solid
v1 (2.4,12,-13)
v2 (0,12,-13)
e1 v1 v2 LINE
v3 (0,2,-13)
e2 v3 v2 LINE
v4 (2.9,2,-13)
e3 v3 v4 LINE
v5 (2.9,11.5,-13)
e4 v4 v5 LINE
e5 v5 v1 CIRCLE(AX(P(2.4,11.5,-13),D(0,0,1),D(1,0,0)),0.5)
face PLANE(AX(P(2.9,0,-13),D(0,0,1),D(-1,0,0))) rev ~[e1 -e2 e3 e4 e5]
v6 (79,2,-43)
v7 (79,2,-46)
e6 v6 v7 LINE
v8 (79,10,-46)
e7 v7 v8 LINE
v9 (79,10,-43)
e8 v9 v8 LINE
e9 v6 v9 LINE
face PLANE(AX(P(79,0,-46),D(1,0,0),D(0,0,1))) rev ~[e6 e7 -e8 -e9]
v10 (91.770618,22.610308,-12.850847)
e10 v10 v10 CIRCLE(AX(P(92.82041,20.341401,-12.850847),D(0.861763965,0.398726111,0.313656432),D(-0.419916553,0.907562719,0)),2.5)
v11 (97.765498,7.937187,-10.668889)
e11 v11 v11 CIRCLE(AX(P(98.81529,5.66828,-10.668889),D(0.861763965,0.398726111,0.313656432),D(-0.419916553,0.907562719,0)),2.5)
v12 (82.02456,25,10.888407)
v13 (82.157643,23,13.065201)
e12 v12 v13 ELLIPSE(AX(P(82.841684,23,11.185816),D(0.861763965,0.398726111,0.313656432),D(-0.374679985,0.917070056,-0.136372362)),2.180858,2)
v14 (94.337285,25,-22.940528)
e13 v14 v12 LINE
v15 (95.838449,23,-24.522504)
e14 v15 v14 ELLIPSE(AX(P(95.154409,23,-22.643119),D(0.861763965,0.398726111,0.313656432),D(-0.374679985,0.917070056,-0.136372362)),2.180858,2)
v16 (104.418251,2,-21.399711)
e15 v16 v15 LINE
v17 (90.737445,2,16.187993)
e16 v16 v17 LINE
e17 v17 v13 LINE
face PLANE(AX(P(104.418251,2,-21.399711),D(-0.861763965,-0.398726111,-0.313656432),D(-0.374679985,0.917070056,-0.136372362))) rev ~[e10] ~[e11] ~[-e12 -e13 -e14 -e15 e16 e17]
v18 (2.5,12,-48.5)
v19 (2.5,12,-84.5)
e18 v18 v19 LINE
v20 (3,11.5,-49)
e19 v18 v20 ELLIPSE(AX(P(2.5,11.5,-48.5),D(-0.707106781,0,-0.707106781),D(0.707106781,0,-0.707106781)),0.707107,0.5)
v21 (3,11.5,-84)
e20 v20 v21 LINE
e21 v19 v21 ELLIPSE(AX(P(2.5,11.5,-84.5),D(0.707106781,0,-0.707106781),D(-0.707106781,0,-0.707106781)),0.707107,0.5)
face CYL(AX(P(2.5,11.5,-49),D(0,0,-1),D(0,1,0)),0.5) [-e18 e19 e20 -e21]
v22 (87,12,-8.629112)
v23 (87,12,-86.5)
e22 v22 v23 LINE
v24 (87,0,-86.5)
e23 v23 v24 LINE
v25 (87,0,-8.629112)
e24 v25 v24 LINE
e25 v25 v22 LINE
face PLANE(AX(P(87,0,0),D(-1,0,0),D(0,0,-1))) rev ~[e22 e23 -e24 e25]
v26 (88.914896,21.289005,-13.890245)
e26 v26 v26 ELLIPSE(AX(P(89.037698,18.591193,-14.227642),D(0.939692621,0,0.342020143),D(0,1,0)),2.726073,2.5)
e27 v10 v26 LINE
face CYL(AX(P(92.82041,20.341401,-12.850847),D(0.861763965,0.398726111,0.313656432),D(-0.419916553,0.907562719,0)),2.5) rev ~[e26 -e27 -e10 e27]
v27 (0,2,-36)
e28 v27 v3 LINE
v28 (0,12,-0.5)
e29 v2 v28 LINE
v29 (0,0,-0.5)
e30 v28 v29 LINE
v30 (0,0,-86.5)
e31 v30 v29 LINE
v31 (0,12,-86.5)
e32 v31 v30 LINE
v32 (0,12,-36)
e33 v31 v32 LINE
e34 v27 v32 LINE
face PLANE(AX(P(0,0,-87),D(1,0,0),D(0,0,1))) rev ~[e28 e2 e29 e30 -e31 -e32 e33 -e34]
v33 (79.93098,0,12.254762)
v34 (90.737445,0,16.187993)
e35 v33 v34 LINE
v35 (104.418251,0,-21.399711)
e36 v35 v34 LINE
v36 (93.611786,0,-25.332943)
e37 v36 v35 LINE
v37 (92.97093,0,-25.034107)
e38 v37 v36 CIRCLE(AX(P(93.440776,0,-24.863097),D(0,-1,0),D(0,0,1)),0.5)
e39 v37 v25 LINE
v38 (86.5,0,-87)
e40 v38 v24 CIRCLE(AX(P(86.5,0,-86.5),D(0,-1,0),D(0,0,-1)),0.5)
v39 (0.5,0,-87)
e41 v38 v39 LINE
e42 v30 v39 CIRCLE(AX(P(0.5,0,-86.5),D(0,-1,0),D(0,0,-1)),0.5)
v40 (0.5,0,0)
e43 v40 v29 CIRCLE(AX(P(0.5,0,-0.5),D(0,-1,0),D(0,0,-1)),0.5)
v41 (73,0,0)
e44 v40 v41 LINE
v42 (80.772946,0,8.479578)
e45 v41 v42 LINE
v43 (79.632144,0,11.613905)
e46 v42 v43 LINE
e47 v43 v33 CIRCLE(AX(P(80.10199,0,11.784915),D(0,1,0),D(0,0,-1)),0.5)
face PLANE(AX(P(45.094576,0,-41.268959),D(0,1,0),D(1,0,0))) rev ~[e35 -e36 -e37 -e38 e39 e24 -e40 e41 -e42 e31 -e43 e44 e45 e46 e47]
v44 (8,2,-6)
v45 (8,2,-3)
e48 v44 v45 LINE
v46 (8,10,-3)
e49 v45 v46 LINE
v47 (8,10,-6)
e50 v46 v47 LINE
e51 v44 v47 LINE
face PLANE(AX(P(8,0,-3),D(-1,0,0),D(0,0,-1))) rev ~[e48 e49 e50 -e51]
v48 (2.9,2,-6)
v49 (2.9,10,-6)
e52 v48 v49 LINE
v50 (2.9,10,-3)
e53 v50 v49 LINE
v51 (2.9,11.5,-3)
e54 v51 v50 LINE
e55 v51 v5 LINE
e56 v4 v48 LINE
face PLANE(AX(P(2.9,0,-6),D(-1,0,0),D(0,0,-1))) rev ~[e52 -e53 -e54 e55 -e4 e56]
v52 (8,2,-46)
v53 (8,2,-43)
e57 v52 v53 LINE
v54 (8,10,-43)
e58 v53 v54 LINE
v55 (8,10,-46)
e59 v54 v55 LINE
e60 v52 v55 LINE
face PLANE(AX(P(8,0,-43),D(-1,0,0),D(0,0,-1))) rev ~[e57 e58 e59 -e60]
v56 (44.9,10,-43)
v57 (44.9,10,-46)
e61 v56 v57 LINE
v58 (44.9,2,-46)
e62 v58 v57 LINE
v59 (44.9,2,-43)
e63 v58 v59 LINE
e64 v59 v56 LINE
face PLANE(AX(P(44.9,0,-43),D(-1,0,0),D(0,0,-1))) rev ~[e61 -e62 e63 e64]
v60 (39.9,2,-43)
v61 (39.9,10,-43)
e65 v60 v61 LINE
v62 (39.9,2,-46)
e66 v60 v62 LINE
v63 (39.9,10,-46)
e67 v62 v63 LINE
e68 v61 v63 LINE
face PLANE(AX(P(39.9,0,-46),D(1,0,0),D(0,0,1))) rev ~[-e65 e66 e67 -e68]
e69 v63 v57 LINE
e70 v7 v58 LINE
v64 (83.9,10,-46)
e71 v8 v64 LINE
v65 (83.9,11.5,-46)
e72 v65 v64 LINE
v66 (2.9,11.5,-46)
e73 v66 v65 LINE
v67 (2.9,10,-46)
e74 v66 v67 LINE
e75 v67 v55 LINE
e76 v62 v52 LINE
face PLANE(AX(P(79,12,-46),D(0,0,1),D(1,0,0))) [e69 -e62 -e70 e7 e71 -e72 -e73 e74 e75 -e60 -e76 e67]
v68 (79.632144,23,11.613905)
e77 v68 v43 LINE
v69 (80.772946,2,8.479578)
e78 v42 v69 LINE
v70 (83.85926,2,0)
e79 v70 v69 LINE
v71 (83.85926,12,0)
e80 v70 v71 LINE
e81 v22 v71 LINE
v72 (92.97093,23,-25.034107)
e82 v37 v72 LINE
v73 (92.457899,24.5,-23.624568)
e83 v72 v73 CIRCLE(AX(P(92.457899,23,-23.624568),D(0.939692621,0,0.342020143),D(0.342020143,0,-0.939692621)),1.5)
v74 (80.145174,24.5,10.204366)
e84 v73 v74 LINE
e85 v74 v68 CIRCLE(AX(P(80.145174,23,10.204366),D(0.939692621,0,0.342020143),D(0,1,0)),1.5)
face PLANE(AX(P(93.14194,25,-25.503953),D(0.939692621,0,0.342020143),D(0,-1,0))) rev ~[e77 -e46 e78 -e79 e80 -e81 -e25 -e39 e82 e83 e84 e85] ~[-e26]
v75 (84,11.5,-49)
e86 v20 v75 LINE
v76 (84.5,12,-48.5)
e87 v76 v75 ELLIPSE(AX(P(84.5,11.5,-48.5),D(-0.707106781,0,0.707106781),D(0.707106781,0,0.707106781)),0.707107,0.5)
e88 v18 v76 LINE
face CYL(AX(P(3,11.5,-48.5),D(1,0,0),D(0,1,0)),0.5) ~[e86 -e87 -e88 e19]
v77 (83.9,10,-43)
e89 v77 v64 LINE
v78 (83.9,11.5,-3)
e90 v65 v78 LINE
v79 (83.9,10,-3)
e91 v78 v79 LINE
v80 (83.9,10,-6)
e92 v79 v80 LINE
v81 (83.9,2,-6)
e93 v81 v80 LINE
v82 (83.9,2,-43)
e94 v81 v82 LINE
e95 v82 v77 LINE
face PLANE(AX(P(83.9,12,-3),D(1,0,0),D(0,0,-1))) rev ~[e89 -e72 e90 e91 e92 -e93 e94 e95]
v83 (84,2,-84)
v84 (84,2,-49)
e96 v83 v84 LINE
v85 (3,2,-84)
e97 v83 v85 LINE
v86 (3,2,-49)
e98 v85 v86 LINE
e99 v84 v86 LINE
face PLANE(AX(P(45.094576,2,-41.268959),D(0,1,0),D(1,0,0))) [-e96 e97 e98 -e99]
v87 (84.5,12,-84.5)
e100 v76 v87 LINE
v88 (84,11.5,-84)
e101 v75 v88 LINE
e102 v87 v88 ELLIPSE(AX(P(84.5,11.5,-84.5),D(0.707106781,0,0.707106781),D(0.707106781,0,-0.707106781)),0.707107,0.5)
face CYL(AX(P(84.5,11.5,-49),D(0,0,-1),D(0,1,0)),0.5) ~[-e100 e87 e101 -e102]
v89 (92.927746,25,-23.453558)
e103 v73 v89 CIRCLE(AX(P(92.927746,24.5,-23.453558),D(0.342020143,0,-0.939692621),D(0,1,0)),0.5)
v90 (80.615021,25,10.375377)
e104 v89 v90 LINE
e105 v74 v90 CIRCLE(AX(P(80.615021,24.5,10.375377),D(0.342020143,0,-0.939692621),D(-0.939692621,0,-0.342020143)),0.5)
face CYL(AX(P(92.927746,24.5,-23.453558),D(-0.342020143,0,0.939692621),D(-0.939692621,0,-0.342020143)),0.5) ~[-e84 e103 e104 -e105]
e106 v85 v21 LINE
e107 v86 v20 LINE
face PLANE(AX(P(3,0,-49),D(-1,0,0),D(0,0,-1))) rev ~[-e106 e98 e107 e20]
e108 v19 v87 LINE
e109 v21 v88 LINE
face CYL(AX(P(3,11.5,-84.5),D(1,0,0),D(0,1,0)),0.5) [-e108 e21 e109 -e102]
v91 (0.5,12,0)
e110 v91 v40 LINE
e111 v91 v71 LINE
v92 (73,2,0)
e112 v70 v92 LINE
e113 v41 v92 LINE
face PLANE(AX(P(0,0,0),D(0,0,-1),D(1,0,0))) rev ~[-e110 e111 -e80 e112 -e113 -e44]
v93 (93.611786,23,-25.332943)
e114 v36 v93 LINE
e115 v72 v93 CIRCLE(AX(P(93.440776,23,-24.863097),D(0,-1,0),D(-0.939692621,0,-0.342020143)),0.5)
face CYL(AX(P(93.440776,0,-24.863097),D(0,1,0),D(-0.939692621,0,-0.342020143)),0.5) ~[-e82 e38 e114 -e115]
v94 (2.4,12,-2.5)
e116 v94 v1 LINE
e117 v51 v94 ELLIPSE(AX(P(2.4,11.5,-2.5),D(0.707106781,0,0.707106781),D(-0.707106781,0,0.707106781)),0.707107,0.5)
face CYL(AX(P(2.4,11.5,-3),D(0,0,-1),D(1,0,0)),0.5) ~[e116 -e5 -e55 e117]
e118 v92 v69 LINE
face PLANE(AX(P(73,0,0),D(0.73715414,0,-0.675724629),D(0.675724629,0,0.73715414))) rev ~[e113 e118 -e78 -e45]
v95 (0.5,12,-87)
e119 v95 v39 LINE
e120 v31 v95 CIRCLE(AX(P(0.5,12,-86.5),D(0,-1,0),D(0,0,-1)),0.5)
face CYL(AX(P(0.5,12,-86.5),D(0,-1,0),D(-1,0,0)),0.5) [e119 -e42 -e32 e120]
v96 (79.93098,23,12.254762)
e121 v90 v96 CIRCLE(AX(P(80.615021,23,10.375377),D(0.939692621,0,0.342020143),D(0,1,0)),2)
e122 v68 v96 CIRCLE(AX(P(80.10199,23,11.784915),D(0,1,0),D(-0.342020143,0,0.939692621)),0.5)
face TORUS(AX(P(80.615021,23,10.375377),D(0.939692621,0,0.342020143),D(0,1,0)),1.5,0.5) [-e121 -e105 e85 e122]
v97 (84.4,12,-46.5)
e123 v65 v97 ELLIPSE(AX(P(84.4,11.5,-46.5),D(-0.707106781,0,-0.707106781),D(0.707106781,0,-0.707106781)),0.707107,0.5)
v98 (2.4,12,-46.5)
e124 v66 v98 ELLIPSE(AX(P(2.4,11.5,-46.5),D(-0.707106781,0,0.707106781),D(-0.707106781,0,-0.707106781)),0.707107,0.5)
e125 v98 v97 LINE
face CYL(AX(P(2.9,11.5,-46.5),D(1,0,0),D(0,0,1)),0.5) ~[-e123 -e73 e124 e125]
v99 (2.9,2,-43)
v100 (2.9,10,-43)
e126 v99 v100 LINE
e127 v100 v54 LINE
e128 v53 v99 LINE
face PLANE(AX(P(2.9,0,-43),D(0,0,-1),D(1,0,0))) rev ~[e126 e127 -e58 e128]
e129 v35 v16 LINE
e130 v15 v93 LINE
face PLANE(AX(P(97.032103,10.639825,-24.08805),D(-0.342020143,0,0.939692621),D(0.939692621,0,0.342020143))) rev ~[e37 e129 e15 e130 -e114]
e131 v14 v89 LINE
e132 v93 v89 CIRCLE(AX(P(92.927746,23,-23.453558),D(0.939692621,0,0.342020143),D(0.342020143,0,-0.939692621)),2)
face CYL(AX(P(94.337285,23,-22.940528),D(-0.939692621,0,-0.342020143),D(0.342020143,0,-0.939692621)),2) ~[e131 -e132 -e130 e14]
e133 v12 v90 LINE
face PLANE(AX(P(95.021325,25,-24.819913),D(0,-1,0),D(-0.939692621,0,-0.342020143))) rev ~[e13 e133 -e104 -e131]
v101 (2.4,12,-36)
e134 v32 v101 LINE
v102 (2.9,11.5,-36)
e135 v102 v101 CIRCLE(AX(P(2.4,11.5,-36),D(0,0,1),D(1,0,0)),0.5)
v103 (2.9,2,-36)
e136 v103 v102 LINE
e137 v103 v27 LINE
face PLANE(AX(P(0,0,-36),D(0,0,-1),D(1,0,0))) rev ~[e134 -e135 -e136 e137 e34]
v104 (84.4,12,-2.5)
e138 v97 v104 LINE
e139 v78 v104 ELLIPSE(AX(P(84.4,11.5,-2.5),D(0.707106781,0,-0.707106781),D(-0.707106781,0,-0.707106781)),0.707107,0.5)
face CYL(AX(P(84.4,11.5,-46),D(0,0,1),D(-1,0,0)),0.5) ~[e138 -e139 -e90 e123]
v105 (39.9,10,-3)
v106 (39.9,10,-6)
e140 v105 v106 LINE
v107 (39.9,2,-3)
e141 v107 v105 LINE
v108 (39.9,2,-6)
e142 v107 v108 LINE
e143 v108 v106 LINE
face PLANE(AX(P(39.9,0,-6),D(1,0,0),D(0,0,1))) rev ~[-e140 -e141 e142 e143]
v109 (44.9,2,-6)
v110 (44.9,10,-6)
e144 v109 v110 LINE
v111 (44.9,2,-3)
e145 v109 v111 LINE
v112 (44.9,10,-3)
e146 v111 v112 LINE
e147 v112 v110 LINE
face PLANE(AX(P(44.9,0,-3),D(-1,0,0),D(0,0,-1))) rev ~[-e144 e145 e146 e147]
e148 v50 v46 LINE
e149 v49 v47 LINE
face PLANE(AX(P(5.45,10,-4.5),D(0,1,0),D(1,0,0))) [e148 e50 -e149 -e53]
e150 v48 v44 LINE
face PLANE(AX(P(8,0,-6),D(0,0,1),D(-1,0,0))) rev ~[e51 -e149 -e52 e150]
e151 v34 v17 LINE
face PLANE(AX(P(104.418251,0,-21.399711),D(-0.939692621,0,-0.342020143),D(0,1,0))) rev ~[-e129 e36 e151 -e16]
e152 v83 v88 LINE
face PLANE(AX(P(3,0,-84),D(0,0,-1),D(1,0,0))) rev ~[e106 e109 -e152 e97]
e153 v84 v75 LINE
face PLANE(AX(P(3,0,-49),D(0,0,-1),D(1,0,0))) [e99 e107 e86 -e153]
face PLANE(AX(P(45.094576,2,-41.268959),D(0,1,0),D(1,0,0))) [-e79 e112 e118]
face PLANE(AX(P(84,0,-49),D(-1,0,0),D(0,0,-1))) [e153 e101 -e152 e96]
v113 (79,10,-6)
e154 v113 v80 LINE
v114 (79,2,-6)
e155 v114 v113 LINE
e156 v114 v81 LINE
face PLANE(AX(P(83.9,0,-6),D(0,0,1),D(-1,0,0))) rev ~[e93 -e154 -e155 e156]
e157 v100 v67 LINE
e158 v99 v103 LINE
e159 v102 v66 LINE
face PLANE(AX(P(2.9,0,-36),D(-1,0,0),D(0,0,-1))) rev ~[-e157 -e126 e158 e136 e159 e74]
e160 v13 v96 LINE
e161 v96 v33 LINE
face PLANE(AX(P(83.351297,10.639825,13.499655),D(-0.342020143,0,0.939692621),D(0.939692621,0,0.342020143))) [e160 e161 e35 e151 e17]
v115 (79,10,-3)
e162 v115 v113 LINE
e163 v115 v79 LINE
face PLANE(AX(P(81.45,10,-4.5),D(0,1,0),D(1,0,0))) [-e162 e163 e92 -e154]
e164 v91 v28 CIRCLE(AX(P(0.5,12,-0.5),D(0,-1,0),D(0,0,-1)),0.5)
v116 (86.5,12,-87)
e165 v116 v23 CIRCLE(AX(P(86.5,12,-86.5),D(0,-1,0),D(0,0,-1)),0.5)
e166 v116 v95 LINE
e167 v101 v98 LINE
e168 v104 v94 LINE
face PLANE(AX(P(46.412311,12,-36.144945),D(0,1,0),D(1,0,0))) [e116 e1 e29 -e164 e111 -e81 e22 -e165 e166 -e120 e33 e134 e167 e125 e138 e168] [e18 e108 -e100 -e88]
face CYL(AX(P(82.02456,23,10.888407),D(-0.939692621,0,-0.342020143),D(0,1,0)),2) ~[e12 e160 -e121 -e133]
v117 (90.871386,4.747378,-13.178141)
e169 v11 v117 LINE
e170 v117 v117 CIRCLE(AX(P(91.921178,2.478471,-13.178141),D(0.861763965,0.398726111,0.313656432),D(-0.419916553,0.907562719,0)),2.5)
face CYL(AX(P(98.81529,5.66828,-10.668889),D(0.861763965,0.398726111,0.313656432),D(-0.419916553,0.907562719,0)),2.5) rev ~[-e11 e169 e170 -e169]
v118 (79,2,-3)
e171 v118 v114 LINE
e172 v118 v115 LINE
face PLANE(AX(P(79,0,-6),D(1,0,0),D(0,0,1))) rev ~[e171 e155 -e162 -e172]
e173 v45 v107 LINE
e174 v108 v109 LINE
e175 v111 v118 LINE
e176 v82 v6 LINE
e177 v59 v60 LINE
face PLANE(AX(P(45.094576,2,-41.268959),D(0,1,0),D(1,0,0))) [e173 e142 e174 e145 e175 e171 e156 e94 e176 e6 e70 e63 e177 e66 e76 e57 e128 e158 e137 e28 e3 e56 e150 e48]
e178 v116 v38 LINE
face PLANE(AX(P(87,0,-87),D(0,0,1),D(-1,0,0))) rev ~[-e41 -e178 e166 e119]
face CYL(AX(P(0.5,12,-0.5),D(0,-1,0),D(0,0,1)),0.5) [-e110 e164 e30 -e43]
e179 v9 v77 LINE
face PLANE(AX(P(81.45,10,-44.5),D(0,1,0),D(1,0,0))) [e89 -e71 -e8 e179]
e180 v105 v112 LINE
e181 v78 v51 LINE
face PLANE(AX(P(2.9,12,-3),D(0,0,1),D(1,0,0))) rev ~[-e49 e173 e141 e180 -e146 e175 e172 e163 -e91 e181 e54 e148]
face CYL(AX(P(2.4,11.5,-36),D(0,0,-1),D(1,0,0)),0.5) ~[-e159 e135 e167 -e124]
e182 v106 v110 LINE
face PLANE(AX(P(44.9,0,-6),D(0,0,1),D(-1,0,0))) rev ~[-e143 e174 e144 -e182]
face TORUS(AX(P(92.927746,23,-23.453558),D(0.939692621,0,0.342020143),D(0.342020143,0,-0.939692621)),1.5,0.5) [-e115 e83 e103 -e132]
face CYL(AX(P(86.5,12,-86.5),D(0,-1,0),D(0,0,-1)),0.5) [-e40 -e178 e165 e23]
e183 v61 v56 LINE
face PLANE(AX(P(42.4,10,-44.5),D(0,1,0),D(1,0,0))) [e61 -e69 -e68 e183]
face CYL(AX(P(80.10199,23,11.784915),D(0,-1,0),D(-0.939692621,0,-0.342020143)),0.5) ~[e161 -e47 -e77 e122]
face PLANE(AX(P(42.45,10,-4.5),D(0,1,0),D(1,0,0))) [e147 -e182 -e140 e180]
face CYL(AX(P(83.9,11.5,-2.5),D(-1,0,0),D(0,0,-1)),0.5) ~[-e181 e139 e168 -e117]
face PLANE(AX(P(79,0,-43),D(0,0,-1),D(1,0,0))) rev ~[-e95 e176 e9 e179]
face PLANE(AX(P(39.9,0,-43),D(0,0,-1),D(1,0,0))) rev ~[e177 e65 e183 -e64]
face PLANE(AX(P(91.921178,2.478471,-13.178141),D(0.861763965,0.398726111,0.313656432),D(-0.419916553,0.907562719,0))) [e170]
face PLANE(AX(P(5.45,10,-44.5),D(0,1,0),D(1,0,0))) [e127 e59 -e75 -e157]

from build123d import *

# Parameters (mm, degrees)
BOSS_EXTRUDE1_DEPTH   = 40
BODY_MOVE_COPY1_ANGLE = 20
BOSS_EXTRUDE2_DEPTH   = 2
SKETCH1_4_W           = 81
SKETCH1_4_H           = 35
BOSS_EXTRUDE3_DEPTH   = 12
SKETCH4_R             = 2.5
CUT_EXTRUDE2_DEPTH    = 8
FILLET1_R             = 2
SKETCH10_W            = 4.9
SKETCH10_H            = 3
SKETCH10_W_2          = 5.1
SKETCH10_W_3          = 5
CUT_EXTRUDE4_DEPTH    = 2
FILLET2_R             = 0.5


with BuildPart() as part:
    # Sketch2 → Boss-Extrude1 (new body)
    with BuildSketch(Plane.XY):
        Polygon((90, 0), (102, 0), (102, 2), (92, 25), (90, 25), align=None)
    extrude(amount=BOSS_EXTRUDE1_DEPTH)


with BuildPart() as part_1:
    # Body-Move/Copy1: moved
    add(part.part.rotate(Axis((95, 0, 20), (0, -1, 0)), BODY_MOVE_COPY1_ANGLE))


with BuildPart() as part_2:
    # Body-Move/Copy2: moved
    add(part_1.part.moved(Location((-4, 0, -25))))

    # Sketch1 → Boss-Extrude2 (add)
    with BuildSketch(Plane(origin=(0, 0, 0), x_dir=(1, 0, 0), z_dir=(0, 1, 0))):
        Polygon((0, 0), (73, 0), (84, -12), (87, 0), (87, 87), (0, 87), align=None)
    extrude(amount=BOSS_EXTRUDE2_DEPTH)

    # Sketch1<4> → Boss-Extrude3 (add)
    with BuildSketch(Plane(origin=(0, 0, 0), x_dir=(1, 0, 0), z_dir=(0, 1, 0))):
        Polygon((8, 43), (8, 46), (39.9, 46), (39.9, 43), (44.9, 43), (44.9, 46), (79, 46), (79, 43), (83.9, 43), (83.9, 6), (79, 6), (79, 3), (44.9, 3), (44.9, 6), (39.9, 6), (39.9, 3), (8, 3), (8, 6), (2.9, 6), (2.9, 13), (0, 13), (0, 0), (87, 0), (87, 87), (0, 87), (0, 36), (2.9, 36), (2.9, 43), align=None)
        with Locations((43.5, 66.5)):
            Rectangle(SKETCH1_4_W, SKETCH1_4_H, mode=Mode.SUBTRACT)
    extrude(amount=BOSS_EXTRUDE3_DEPTH)

    # Sketch4 → Cut-Extrude2 (cut)
    with BuildSketch(Plane(origin=(72.447790922, 33.520577724, 26.368839434), x_dir=(0.30020671045987535, 0.09758957417323016, -0.948868908757974), z_dir=(0.8617639646050662, 0.3987261114144503, 0.31365643207890637))):
        with Locations(Location((42.044187921, -18.952687866, 0), (0, 0, 92.148700458))):
            Circle(SKETCH4_R)
        with Locations(Location((40.341555526, -34.861837527, 0), (0, 0, 92.148700458))):
            Circle(SKETCH4_R)
    extrude(amount=-CUT_EXTRUDE2_DEPTH, mode=Mode.SUBTRACT)

    # Fillet1
    fillet1_edges = [part_2.edges().sort_by_distance(p)[0] for p in [
        (80.40082665, 25, 12.425771842),
        (94.081632383, 25, -25.161932989),
    ]]
    fillet(fillet1_edges, radius=FILLET1_R)

    # Sketch10 → Cut-Extrude4 (cut)
    with BuildSketch(Plane(origin=(0, 12, 0), x_dir=(1, 0, 0), z_dir=(0, 1, 0))):
        with Locations((81.45, 4.5)):
            Rectangle(SKETCH10_W, SKETCH10_H)
        with Locations((42.45, 4.5)):
            Rectangle(SKETCH10_W_2, SKETCH10_H)
        with Locations((42.4, 44.5)):
            Rectangle(SKETCH10_W_3, SKETCH10_H)
        with Locations((81.45, 44.5)):
            Rectangle(SKETCH10_W, SKETCH10_H)
        with Locations((5.45, 44.5)):
            Rectangle(SKETCH10_W_2, SKETCH10_H)
        with Locations((5.45, 4.5)):
            Rectangle(SKETCH10_W_2, SKETCH10_H)
    extrude(amount=-CUT_EXTRUDE4_DEPTH, mode=Mode.SUBTRACT)

    # Fillet2
    fillet2_edges = [part_2.edges().sort_by_distance(p)[0] for p in [
        (43.4, 12, -3),
        (43.5, 12, -49),
        (86.301536896, 25, -6.710100717),
        (79.46113403, 11.5, 12.083751699),
        (93.141939763, 11.5, -25.503953132),
        (79.661484791, 24.414213562, 11.533292506),
        (92.941589001, 24.414213562, -24.95349394),
        (87, 6, -87),
        (0, 6, -87),
        (0, 6, 0),
        (3, 12, -66.5),
        (43.5, 12, -84),
        (84, 12, -66.5),
        (2.9, 12, -41),
        (43.4, 12, -46),
        (83.9, 12, -24.5),
        (2.9, 12, -8),
    ]]
    fillet(fillet2_edges, radius=FILLET2_R)


solid = part_2.part
